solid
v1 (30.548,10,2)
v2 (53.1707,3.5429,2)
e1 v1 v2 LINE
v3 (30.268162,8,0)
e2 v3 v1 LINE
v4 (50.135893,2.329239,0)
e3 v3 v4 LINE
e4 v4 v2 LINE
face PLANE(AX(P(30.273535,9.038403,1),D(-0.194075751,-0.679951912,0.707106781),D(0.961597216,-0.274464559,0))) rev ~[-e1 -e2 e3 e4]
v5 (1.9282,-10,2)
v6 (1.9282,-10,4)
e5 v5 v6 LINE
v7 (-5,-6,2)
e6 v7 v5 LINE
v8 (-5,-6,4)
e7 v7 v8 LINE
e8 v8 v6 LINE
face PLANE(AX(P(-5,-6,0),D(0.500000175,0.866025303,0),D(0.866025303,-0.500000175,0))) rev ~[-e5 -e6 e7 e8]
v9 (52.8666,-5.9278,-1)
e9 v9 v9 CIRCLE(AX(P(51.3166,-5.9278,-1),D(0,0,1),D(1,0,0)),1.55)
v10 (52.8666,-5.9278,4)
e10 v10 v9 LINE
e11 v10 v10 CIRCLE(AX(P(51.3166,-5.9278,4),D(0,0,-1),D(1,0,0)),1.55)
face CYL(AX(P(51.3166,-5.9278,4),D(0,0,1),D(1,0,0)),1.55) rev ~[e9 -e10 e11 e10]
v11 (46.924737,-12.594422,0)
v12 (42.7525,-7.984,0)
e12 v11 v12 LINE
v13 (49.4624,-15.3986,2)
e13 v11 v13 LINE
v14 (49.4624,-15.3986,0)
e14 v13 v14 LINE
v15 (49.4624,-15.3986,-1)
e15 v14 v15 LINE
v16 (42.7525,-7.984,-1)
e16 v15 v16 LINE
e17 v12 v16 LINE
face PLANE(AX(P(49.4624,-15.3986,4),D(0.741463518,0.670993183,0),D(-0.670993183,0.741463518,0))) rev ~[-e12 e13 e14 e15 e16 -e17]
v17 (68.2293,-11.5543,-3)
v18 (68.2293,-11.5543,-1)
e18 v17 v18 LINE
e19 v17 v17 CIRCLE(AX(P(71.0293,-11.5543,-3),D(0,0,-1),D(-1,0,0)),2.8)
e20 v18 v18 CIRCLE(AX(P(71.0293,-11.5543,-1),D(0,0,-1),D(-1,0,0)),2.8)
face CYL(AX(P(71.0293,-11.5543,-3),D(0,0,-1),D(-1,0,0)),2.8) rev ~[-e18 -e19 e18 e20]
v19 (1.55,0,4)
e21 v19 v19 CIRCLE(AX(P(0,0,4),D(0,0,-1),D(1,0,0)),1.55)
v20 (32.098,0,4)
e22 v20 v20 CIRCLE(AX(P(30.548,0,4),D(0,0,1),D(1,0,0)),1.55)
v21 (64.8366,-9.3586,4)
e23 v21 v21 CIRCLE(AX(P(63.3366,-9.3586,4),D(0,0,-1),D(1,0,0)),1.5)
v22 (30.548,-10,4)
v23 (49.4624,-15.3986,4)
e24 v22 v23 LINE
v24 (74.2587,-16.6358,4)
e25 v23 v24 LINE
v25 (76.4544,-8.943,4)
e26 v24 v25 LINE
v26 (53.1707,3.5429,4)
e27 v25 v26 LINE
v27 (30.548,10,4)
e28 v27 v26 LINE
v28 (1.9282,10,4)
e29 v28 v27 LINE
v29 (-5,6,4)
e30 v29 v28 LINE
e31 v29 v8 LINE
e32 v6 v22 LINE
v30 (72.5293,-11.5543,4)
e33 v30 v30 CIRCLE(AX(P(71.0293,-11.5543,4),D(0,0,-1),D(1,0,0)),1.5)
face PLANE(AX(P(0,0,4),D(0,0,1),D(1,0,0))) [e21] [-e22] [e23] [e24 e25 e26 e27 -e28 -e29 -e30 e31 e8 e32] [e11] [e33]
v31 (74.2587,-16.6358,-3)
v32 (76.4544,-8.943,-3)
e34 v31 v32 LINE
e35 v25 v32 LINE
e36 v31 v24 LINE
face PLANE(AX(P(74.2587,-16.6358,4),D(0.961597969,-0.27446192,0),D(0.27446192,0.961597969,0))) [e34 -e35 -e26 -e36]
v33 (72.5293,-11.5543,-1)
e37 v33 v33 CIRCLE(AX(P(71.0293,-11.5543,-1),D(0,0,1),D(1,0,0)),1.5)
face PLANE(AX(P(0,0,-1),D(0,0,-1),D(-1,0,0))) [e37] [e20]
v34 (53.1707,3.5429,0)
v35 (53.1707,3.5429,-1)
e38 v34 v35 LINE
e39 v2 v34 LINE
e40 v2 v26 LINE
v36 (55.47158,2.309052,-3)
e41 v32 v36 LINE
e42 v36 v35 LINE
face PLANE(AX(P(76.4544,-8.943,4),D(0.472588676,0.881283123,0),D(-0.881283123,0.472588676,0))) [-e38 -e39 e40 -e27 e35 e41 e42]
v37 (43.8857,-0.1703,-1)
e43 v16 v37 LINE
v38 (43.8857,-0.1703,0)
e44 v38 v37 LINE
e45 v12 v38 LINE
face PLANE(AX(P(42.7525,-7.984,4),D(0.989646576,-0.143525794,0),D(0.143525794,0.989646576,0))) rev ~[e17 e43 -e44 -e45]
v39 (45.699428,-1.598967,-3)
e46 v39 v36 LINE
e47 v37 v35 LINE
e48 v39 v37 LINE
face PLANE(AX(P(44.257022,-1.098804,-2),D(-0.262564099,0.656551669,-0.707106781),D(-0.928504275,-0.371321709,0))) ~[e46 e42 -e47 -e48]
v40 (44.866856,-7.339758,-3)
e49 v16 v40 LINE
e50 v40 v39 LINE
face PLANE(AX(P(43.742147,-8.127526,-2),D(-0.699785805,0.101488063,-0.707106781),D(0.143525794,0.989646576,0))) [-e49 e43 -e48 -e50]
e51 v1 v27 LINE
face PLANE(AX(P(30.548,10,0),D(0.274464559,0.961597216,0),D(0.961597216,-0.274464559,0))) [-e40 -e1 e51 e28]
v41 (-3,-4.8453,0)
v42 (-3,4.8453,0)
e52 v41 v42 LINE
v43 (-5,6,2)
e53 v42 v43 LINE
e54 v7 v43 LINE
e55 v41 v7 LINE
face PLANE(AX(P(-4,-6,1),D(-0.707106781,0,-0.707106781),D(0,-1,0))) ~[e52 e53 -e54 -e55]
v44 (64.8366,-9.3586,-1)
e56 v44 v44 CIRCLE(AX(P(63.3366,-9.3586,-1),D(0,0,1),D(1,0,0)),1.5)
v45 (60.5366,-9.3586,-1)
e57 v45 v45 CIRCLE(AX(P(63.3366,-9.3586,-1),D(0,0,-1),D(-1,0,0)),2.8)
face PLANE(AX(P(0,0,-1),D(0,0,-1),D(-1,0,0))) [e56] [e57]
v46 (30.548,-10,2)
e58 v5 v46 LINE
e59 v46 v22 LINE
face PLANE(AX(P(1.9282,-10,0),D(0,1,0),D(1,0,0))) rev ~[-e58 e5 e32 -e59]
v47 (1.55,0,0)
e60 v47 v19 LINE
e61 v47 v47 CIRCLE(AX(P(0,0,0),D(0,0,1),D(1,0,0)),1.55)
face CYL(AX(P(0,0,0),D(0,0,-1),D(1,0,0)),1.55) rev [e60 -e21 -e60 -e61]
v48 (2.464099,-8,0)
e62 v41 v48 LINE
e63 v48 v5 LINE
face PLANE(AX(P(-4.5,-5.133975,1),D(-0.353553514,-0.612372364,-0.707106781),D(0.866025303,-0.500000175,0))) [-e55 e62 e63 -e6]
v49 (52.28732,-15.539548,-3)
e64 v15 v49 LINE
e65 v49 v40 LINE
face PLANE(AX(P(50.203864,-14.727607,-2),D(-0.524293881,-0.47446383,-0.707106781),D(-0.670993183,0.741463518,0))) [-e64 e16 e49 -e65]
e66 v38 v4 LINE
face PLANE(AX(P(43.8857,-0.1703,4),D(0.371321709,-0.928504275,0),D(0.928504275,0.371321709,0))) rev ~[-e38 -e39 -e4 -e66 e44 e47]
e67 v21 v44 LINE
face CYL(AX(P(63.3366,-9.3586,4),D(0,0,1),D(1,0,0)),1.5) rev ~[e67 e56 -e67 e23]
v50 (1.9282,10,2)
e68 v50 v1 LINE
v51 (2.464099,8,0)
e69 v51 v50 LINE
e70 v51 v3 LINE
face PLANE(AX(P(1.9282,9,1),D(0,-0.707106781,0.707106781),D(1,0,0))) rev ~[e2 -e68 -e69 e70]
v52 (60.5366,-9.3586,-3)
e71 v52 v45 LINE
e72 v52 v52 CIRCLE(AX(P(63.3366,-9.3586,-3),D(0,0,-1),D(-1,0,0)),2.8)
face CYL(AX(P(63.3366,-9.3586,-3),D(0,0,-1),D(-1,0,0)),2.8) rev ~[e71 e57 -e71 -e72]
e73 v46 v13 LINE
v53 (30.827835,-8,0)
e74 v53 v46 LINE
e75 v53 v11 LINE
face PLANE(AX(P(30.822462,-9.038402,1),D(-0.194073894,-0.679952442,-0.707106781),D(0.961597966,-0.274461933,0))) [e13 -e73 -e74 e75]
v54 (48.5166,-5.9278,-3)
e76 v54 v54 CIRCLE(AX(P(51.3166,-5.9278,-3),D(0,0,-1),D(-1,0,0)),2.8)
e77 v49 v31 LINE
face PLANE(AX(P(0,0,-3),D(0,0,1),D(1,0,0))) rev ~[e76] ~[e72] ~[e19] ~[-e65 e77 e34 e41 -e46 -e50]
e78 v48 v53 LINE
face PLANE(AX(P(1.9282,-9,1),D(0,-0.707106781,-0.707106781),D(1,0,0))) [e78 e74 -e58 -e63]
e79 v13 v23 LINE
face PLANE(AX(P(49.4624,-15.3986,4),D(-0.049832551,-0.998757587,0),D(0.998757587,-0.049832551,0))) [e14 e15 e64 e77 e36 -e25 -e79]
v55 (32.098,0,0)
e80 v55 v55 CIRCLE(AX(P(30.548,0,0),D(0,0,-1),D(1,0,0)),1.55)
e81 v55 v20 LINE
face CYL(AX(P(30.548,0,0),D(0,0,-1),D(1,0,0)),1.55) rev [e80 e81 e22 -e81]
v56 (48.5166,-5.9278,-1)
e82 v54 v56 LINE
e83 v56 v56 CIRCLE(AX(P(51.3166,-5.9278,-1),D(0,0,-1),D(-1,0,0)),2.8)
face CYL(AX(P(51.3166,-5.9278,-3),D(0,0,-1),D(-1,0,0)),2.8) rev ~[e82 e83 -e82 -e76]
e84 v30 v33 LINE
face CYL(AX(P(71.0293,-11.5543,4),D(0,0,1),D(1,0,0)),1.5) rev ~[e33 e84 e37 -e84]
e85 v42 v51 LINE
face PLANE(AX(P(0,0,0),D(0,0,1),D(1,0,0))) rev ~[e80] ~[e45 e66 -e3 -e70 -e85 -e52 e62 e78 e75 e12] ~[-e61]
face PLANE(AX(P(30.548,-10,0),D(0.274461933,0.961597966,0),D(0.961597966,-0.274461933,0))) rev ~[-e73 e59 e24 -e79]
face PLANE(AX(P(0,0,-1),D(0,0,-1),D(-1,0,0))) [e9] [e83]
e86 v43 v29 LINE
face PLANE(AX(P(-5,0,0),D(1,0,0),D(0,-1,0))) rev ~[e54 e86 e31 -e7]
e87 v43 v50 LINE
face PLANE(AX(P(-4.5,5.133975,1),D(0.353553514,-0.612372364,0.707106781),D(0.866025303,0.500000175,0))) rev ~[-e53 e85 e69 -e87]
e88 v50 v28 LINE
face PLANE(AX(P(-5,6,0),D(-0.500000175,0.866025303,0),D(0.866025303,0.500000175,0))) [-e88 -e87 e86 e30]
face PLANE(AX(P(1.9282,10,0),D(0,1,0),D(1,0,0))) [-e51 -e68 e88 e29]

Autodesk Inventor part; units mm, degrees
ref_plane "YZ Plane" through (0, 0, 0) normal (1, 0, 0) x (0, 1, 0)
ref_plane "XZ Plane" through (0, 0, 0) normal (0, 1, 0) x (-1, 0, 0)
ref_plane "XY Plane" through (0, 0, 0) normal (0, 0, 1) x (1, 0, 0)
sketch "Sketch1" plane through (0, 0, 0) normal (0, 0, 1) x (1, 0, 0)
  circle A0 centre (0, 0) radius 1.55
  line L0 (0, 0) -> (30.548, 0)
  circle A1 centre (30.548, 0) radius 1.55
  line L1 (30.548, 0) -> (51.3166, -5.9278)
  circle A2 centre (51.3166, -5.9278) radius 1.55
  line L2 (0, 0) -> (-5, 0)
  line L3 (-5, 0) -> (-5, 6)
  line L4 (-5, 6) -> (1.9282, 10)
  line L5 (-5, 0) -> (-5, -6)
  line L6 (1.9282, 10) -> (30.548, 10)
  line L7 (-5, -6) -> (1.9282, -10)
  line L8 (1.9282, -10) -> (30.548, -10)
  line L9 (30.548, -10) -> (49.4624, -15.3986)
  line L10 (30.548, 10) -> (53.1707, 3.5429)
  line L11 (0, 0) -> (1.9282, 0)
  line L12 (51.3166, -5.9278) -> (75.3565, -12.7894)
  line L13 (75.3565, -12.7894) -> (76.4544, -8.943)
  line L14 (76.4544, -8.943) -> (53.1707, 3.5429)
  line L15 (75.3565, -12.7894) -> (74.2587, -16.6358)
  line L16 (49.4624, -15.3986) -> (74.2587, -16.6358)
  line L17 (51.3166, -5.9278) -> (75.3565, -12.7894)
  circle A3 centre (63.3366, -9.3586) radius 1.5
  line L18 (63.3366, -9.3586) -> (71.0293, -11.5543)
  circle A4 centre (71.0293, -11.5543) radius 1.5
  dimension "d0" = 3.1
  dimension "d1" = 30.548
  dimension "d2" = 3.1
  dimension "d3" = 164.07
  dimension "d4" = 3.1
  dimension "d5" = 21.598
  dimension "d6" = 5
  dimension "d7" = 6
  dimension "d8" = 6
  dimension "d9" = 120
  dimension "d10" = 8
  dimension "d11" = 120
  dimension "d12" = 8
  dimension "d13" = 28.6198
  dimension "d14" = 28.6198
  dimension "d15" = 19.6698
  dimension "d16" = 23.5262
  dimension "d23" = 1.9282
  dimension "d54" = 25
  dimension "d55" = 180
  dimension "d56" = 4
  dimension "d57" = 4
  dimension "d58" = 90
  dimension "d59" = 90
  dimension "d60" = 3
  dimension "d61" = 8
  dimension "d62" = 3
extrude "Extrusion1" add sketch "Sketch1" along normal blind 4 contours L0 A1 L1 A2 L12 A3 A4 L15 L16 L9 L8 L7 L5 L2 A0 | A0 L2 L3 L4 L6 L10 L14 L13 L12 A4 A3 A2 L1 A1 L0
sketch "Sketch3" plane through (0, 0, 4) normal (0, 0, 1) x (1, 0, 0)
  line L0 (1.9282, -10) -> (30.548, -10) projected
  line L1 (30.548, -10) -> (49.4624, -15.3986) projected
  line L2 (49.4624, -15.3986) -> (74.2587, -16.6358) projected
  line L3 (74.2587, -16.6358) -> (76.4544, -8.943) projected
  line L4 (76.4544, -8.943) -> (53.1707, 3.5429) projected
  line L5 (53.1707, 3.5429) -> (30.548, 10) projected
  line L6 (30.548, 10) -> (1.9282, 10) projected
  line L7 (1.9282, 10) -> (-5, 6) projected
  line L8 (-5, 6) -> (-5, -6) projected
  line L9 (-5, -6) -> (1.9282, -10) projected
  circle A0 centre (71.0293, -11.5543) radius 1.5 projected
  circle A1 centre (63.3366, -9.3586) radius 1.5 projected
  circle A2 centre (51.3166, -5.9278) radius 1.55 projected
  circle A3 centre (30.548, 0) radius 1.55 projected
  circle A4 centre (0, 0) radius 1.55 projected
  line L10 (49.4624, -15.3986) -> (42.7525, -7.984)
  line L11 (42.7525, -7.984) -> (43.8857, -0.1703)
  line L12 (43.8857, -0.1703) -> (53.1707, 3.5429)
  dimension "d63" = 10
  dimension "d64" = 10
  dimension "d65" = 130
  dimension "d66" = 135
extrude "Extrusion2" add sketch "Sketch3" against normal blind 7 contours L10 L11 L12 L4 L3 L2
sketch "Sketch4" plane through (0, 0, -3) normal (0, 0, -1) x (-1, 0, 0)
  line L0 (-53.1707, 3.5429) -> (-76.4544, -8.943) projected
  line L1 (-76.4544, -8.943) -> (-74.2587, -16.6358) projected
  line L2 (-74.2587, -16.6358) -> (-49.4624, -15.3986) projected
  line L3 (-49.4624, -15.3986) -> (-42.7525, -7.984) projected
  line L4 (-42.7525, -7.984) -> (-43.8857, -0.1703) projected
  line L5 (-43.8857, -0.1703) -> (-53.1707, 3.5429) projected
  circle A0 centre (-71.0293, -11.5543) radius 1.5 projected
  circle A1 centre (-51.3166, -5.9278) radius 1.55 projected
  circle A2 centre (-63.3366, -9.3586) radius 1.5 projected
  circle A3 centre (-71.0293, -11.5543) radius 2.8
  circle A4 centre (-63.3366, -9.3586) radius 2.8
  circle A5 centre (-51.3166, -5.9278) radius 2.8
  point P0 (0, 0)
  dimension "d69" = 5.6
  dimension "d70" = 5.6
  dimension "d71" = 5.6
extrude "Extrusion3" cut sketch "Sketch4" against normal blind 2 contours A3 | A4 | A5
chamfer "Chamfer1" distance 2 angle 45 10 edges at (41.8594, 6.7715, 0) (16.2381, -10, 0) (40.0052, -12.6993, 0) (-1.5359, -8, 0) (-5, 0, 0) (-1.5359, 8, 0) (16.2381, 10, 0) (48.5282, 1.6863, -3) (43.3191, -4.0771, -3) (46.1075, -11.6913, -3)
equation "\"d8\" = d7"
equation "\"d11\" = d9"
equation "\"d12\" = d10"
equation "\"d13\" = d1 - d23"
equation "\"d14\" = d1 - d23"
equation "\"d15\" = d5 - d23"
equation "\"d16\" = d5 + d23"
equation "\"d57\" = d56"
equation "\"d58\" = d59"
equation "\"d70\" = d69"
equation "\"d71\" = d69"
properties part number "Fibula"
